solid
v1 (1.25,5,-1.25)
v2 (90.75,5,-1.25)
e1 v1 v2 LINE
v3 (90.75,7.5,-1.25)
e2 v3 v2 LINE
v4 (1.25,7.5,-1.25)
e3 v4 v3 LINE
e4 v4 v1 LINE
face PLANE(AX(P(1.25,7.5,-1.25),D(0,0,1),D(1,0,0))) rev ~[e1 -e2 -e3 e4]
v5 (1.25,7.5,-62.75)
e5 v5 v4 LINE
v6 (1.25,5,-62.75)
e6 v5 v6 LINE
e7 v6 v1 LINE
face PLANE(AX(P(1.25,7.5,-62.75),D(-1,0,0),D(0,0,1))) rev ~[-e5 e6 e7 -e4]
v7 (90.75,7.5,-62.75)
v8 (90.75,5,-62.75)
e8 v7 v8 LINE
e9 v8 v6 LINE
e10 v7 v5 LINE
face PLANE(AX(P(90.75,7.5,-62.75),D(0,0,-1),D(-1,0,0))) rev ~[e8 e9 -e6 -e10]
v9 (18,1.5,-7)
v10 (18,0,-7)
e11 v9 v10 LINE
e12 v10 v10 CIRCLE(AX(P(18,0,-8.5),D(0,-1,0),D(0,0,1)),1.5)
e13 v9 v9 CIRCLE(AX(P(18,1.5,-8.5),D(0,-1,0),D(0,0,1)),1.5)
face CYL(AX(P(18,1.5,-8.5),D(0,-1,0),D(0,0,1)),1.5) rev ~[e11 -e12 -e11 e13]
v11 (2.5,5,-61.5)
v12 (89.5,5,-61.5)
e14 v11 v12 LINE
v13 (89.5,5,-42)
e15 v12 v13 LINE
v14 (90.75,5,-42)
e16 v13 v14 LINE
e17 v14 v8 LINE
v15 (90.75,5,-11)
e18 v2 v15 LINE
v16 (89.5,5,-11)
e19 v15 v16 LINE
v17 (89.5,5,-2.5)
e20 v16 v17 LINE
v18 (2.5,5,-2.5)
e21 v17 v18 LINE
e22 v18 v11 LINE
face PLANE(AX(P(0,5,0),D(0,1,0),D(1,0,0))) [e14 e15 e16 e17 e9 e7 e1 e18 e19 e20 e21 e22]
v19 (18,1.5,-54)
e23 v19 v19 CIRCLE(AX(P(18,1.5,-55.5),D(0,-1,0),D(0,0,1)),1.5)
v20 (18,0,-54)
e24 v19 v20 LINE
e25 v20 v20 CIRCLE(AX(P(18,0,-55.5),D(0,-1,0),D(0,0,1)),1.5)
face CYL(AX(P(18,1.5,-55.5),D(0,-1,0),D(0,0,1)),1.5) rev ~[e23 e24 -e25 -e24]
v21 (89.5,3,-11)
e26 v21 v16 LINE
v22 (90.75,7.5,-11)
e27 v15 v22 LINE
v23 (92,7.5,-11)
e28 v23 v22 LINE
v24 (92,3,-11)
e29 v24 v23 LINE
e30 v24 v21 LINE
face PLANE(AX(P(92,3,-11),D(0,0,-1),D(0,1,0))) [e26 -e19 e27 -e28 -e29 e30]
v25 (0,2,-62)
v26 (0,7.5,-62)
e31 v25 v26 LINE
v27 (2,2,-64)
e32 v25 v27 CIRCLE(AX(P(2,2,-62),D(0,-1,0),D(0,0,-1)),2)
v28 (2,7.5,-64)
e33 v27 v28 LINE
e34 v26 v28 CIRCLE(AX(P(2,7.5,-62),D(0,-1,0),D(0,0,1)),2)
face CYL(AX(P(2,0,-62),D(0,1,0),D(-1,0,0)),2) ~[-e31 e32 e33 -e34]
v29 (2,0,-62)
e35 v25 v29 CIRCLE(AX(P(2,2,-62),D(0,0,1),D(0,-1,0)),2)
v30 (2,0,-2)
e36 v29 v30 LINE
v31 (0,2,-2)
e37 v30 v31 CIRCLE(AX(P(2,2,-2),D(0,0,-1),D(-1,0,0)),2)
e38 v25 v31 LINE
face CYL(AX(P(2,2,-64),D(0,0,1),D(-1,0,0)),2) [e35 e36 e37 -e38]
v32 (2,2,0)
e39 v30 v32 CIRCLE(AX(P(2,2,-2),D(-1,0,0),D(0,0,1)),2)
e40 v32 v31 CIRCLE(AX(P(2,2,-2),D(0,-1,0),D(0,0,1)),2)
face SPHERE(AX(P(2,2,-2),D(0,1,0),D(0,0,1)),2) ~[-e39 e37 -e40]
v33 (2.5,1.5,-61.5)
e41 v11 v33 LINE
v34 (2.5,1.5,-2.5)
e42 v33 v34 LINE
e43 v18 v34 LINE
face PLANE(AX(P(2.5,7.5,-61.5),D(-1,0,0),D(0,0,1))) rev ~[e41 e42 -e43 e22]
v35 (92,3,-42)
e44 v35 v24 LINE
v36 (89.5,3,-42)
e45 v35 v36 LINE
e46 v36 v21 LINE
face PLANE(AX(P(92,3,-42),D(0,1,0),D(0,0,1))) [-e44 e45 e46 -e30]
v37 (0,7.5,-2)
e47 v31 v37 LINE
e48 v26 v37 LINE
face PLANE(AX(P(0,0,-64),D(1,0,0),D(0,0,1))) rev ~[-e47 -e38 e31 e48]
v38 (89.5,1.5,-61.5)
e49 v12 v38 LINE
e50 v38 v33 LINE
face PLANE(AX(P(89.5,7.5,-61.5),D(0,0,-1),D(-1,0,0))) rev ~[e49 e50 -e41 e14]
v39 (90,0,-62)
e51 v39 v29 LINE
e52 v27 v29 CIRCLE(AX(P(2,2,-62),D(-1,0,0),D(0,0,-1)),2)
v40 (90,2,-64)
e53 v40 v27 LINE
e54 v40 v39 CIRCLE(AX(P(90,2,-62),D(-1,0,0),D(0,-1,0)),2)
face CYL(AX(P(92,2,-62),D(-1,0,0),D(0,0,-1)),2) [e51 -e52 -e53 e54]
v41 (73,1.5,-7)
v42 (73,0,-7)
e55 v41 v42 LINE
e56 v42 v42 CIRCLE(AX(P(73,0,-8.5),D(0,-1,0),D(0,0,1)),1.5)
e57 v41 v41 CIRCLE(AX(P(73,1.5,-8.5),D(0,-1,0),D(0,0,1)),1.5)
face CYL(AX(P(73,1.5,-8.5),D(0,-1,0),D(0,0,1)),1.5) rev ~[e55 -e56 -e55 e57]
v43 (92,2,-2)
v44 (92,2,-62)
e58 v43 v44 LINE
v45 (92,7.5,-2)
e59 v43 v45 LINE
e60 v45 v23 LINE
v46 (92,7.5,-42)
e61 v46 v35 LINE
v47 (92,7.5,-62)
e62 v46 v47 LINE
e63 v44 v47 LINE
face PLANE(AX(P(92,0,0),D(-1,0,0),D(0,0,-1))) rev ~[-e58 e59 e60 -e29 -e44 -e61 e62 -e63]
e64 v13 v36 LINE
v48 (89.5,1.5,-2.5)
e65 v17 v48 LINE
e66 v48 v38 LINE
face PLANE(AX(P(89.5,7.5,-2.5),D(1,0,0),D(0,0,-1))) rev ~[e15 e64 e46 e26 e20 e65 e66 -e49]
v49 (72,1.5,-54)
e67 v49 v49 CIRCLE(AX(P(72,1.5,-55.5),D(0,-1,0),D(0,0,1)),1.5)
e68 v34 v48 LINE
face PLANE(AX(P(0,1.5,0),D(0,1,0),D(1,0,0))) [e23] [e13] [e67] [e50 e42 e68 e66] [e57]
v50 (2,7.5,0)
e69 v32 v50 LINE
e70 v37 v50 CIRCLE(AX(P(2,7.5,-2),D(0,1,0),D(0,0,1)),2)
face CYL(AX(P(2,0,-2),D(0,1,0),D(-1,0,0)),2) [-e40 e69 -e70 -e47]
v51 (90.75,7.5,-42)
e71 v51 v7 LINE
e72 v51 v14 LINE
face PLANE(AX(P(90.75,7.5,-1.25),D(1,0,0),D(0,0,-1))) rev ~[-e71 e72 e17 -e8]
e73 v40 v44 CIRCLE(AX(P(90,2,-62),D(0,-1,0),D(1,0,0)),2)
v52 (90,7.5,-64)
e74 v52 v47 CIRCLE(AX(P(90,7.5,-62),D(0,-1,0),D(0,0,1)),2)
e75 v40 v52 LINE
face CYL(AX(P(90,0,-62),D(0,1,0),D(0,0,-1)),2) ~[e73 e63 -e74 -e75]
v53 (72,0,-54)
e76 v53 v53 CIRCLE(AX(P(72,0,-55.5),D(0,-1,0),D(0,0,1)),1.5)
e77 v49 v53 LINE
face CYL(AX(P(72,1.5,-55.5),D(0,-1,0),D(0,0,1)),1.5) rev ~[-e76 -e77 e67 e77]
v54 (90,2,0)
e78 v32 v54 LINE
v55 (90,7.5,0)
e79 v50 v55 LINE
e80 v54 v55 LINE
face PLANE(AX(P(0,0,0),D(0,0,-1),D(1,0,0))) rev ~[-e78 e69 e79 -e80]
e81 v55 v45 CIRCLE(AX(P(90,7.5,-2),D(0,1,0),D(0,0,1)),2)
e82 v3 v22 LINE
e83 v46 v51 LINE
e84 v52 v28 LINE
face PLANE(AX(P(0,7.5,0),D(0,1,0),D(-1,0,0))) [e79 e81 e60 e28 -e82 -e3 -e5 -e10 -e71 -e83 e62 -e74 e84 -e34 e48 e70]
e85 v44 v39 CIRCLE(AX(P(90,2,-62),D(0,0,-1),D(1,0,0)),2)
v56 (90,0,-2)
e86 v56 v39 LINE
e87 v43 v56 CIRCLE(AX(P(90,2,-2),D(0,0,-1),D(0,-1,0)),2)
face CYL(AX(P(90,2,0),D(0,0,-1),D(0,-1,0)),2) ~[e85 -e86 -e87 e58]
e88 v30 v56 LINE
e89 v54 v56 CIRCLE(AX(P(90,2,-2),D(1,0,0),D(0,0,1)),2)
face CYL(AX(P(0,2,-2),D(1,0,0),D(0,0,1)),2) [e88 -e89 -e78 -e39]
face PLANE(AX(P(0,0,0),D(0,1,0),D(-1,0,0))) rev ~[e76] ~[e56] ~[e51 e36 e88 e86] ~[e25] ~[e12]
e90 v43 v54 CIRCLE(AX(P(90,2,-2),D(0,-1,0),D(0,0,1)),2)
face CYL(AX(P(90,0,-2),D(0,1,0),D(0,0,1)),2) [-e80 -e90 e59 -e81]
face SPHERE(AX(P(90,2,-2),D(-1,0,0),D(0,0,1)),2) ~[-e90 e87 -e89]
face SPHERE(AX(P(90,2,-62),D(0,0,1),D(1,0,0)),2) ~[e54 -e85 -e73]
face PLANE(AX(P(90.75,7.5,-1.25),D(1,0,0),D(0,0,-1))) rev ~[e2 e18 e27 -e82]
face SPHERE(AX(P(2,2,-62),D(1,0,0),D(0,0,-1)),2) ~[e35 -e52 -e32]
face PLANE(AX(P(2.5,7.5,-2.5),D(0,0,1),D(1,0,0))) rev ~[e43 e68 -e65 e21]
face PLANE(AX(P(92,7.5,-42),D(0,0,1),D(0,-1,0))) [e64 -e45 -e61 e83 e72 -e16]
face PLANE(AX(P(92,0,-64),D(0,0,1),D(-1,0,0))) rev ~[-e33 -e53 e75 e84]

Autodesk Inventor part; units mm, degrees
ref_plane "YZ Plane" through (0, 0, 0) normal (1, 0, 0) x (0, 1, 0)
ref_plane "XZ Plane" through (0, 0, 0) normal (0, 1, 0) x (-1, 0, 0)
ref_plane "XY Plane" through (0, 0, 0) normal (0, 0, 1) x (1, 0, 0)
sketch "Sketch1" plane through (0, 0, 0) normal (0, 1, 0) x (-1, 0, 0)
  line L0 (0, 0) -> (-92, 0)
  line L1 (-92, 0) -> (-92, -64)
  line L2 (-92, -64) -> (0, -64)
  line L3 (0, -64) -> (0, 0)
  dimension "d0" = 64
  dimension "d1" = 92
extrude "Extrusion1" add sketch "Sketch1" along normal blind 7.5
sketch "Sketch2" plane through (0, 7.5, 0) normal (0, 1, 0) x (1, 0, 0)
  line L0 (2.5, 2.5) -> (89.5, 2.5)
  line L1 (89.5, 2.5) -> (89.5, 61.5)
  line L2 (89.5, 61.5) -> (2.5, 61.5)
  line L3 (2.5, 61.5) -> (2.5, 2.5)
  line L4 (0, 64) -> (0, 0) projected
  line L5 (0, 0) -> (92, 0) projected
  line L6 (92, 0) -> (92, 64) projected
  line L7 (92, 64) -> (0, 64) projected
  dimension "d4" = 2.5
  dimension "d5" = 2.5
  dimension "d6" = 2.5
  dimension "d7" = 2.5
extrude "Extrusion2" cut sketch "Sketch2" against normal blind 6 contours L3 L2 L1 L0
fillet "Fillet1" radius 2 8 edges at (0, 3.75, 0) (46, 0, 0) (92, 3.75, 0) (92, 0, -32) (92, 3.75, -64) (46, 0, -64) (0, 3.75, -64) (0, 0, -32)
sketch "Sketch3" plane through (0, 7.5, 0) normal (0, 1, 0) x (1, 0, 0)
  line L0 (1.25, 1.25) -> (90.75, 1.25)
  line L1 (90.75, 1.25) -> (90.75, 62.75)
  line L2 (90.75, 62.75) -> (1.25, 62.75)
  line L3 (1.25, 62.75) -> (1.25, 1.25)
  line L4 (0, 62) -> (0, 2) projected
  line L5 (2, 0) -> (90, 0) projected
  line L6 (92, 2) -> (92, 62) projected
  line L7 (90, 64) -> (2, 64) projected
  point P0 (0, 0)
  dimension "d11" = 1.25
  dimension "d12" = 1.25
  dimension "d13" = 1.25
  dimension "d14" = 1.25
extrude "Extrusion3" cut sketch "Sketch3" against normal blind 2.5
sketch "Sketch4" plane through (0, 1.5, 0) normal (0, 1, 0) x (1, 0, 0)
  line L0 (5, 5) -> (87, 5)
  line L1 (87, 5) -> (87, 59) construction
  line L2 (87, 59) -> (5, 59)
  line L3 (5, 59) -> (5, 5)
  line L4 (2.5, 2.5) -> (2.5, 61.5) projected
  line L5 (89.5, 2.5) -> (2.5, 2.5) projected
  line L6 (2.5, 61.5) -> (89.5, 61.5) projected
  line L7 (89.5, 61.5) -> (89.5, 2.5) projected
  line L8 (18, 55.5) -> (73, 55.5)
  line L9 (73, 55.5) -> (73, 8.5)
  line L10 (73, 8.5) -> (18, 8.5)
  line L11 (18, 8.5) -> (18, 55.5)
  line L12 (72, 55.5) -> (72, 8.5)
  point P0 (0, 0)
  dimension "d17" = 2.5
  dimension "d18" = 2.5
  dimension "d19" = 2.5
  dimension "d20" = 2.5
  dimension "d21" = 14
  dimension "d22" = 13
  dimension "d23" = 54
  dimension "d24" = 82
  dimension "d25" = 3.5
  dimension "d26" = 3.5
  dimension "d44" = 15
  dimension "d45" = 17.5
  dimension "d46" = 16.5
hole "Hole1" at (18, 1.5, -55.5) at (18, 1.5, -8.5) at (73, 1.5, -8.5) at (72, 1.5, -55.5) direction (0, -1, 0) diameter 3 end through all
sketch "Sketch5" plane through (92, 2, -2) normal (1, 0, 0) x (0, 0, -1)
  line L0 (9, 5.5) -> (40, 5.5)
  line L1 (40, 5.5) -> (40, 1)
  line L2 (40, 1) -> (9, 1)
  line L3 (9, 1) -> (9, 5.5)
  line L4 (0, 5.5) -> (60, 5.5) projected
  line L5 (0, 0) -> (0, 5.5) projected
  line L6 (60, 5.5) -> (60, 0) projected
  line L7 (60, 0) -> (0, 0) projected
  line L8 (59.5, -0.5) -> (0.5, -0.5) projected
  point P0 (-2, -2)
  dimension "d34" = 0
  dimension "d35" = 9
  dimension "d36" = 20
  dimension "d37" = 4.5
  dimension "d41" = 5.5
  dimension "d42" = 1
  dimension "d43" = 1.5
extrude "Extrusion4" cut sketch "Sketch5" against normal blind 2.5 contours L0 L1 L2 L3
properties part number "hubtest1_4"
